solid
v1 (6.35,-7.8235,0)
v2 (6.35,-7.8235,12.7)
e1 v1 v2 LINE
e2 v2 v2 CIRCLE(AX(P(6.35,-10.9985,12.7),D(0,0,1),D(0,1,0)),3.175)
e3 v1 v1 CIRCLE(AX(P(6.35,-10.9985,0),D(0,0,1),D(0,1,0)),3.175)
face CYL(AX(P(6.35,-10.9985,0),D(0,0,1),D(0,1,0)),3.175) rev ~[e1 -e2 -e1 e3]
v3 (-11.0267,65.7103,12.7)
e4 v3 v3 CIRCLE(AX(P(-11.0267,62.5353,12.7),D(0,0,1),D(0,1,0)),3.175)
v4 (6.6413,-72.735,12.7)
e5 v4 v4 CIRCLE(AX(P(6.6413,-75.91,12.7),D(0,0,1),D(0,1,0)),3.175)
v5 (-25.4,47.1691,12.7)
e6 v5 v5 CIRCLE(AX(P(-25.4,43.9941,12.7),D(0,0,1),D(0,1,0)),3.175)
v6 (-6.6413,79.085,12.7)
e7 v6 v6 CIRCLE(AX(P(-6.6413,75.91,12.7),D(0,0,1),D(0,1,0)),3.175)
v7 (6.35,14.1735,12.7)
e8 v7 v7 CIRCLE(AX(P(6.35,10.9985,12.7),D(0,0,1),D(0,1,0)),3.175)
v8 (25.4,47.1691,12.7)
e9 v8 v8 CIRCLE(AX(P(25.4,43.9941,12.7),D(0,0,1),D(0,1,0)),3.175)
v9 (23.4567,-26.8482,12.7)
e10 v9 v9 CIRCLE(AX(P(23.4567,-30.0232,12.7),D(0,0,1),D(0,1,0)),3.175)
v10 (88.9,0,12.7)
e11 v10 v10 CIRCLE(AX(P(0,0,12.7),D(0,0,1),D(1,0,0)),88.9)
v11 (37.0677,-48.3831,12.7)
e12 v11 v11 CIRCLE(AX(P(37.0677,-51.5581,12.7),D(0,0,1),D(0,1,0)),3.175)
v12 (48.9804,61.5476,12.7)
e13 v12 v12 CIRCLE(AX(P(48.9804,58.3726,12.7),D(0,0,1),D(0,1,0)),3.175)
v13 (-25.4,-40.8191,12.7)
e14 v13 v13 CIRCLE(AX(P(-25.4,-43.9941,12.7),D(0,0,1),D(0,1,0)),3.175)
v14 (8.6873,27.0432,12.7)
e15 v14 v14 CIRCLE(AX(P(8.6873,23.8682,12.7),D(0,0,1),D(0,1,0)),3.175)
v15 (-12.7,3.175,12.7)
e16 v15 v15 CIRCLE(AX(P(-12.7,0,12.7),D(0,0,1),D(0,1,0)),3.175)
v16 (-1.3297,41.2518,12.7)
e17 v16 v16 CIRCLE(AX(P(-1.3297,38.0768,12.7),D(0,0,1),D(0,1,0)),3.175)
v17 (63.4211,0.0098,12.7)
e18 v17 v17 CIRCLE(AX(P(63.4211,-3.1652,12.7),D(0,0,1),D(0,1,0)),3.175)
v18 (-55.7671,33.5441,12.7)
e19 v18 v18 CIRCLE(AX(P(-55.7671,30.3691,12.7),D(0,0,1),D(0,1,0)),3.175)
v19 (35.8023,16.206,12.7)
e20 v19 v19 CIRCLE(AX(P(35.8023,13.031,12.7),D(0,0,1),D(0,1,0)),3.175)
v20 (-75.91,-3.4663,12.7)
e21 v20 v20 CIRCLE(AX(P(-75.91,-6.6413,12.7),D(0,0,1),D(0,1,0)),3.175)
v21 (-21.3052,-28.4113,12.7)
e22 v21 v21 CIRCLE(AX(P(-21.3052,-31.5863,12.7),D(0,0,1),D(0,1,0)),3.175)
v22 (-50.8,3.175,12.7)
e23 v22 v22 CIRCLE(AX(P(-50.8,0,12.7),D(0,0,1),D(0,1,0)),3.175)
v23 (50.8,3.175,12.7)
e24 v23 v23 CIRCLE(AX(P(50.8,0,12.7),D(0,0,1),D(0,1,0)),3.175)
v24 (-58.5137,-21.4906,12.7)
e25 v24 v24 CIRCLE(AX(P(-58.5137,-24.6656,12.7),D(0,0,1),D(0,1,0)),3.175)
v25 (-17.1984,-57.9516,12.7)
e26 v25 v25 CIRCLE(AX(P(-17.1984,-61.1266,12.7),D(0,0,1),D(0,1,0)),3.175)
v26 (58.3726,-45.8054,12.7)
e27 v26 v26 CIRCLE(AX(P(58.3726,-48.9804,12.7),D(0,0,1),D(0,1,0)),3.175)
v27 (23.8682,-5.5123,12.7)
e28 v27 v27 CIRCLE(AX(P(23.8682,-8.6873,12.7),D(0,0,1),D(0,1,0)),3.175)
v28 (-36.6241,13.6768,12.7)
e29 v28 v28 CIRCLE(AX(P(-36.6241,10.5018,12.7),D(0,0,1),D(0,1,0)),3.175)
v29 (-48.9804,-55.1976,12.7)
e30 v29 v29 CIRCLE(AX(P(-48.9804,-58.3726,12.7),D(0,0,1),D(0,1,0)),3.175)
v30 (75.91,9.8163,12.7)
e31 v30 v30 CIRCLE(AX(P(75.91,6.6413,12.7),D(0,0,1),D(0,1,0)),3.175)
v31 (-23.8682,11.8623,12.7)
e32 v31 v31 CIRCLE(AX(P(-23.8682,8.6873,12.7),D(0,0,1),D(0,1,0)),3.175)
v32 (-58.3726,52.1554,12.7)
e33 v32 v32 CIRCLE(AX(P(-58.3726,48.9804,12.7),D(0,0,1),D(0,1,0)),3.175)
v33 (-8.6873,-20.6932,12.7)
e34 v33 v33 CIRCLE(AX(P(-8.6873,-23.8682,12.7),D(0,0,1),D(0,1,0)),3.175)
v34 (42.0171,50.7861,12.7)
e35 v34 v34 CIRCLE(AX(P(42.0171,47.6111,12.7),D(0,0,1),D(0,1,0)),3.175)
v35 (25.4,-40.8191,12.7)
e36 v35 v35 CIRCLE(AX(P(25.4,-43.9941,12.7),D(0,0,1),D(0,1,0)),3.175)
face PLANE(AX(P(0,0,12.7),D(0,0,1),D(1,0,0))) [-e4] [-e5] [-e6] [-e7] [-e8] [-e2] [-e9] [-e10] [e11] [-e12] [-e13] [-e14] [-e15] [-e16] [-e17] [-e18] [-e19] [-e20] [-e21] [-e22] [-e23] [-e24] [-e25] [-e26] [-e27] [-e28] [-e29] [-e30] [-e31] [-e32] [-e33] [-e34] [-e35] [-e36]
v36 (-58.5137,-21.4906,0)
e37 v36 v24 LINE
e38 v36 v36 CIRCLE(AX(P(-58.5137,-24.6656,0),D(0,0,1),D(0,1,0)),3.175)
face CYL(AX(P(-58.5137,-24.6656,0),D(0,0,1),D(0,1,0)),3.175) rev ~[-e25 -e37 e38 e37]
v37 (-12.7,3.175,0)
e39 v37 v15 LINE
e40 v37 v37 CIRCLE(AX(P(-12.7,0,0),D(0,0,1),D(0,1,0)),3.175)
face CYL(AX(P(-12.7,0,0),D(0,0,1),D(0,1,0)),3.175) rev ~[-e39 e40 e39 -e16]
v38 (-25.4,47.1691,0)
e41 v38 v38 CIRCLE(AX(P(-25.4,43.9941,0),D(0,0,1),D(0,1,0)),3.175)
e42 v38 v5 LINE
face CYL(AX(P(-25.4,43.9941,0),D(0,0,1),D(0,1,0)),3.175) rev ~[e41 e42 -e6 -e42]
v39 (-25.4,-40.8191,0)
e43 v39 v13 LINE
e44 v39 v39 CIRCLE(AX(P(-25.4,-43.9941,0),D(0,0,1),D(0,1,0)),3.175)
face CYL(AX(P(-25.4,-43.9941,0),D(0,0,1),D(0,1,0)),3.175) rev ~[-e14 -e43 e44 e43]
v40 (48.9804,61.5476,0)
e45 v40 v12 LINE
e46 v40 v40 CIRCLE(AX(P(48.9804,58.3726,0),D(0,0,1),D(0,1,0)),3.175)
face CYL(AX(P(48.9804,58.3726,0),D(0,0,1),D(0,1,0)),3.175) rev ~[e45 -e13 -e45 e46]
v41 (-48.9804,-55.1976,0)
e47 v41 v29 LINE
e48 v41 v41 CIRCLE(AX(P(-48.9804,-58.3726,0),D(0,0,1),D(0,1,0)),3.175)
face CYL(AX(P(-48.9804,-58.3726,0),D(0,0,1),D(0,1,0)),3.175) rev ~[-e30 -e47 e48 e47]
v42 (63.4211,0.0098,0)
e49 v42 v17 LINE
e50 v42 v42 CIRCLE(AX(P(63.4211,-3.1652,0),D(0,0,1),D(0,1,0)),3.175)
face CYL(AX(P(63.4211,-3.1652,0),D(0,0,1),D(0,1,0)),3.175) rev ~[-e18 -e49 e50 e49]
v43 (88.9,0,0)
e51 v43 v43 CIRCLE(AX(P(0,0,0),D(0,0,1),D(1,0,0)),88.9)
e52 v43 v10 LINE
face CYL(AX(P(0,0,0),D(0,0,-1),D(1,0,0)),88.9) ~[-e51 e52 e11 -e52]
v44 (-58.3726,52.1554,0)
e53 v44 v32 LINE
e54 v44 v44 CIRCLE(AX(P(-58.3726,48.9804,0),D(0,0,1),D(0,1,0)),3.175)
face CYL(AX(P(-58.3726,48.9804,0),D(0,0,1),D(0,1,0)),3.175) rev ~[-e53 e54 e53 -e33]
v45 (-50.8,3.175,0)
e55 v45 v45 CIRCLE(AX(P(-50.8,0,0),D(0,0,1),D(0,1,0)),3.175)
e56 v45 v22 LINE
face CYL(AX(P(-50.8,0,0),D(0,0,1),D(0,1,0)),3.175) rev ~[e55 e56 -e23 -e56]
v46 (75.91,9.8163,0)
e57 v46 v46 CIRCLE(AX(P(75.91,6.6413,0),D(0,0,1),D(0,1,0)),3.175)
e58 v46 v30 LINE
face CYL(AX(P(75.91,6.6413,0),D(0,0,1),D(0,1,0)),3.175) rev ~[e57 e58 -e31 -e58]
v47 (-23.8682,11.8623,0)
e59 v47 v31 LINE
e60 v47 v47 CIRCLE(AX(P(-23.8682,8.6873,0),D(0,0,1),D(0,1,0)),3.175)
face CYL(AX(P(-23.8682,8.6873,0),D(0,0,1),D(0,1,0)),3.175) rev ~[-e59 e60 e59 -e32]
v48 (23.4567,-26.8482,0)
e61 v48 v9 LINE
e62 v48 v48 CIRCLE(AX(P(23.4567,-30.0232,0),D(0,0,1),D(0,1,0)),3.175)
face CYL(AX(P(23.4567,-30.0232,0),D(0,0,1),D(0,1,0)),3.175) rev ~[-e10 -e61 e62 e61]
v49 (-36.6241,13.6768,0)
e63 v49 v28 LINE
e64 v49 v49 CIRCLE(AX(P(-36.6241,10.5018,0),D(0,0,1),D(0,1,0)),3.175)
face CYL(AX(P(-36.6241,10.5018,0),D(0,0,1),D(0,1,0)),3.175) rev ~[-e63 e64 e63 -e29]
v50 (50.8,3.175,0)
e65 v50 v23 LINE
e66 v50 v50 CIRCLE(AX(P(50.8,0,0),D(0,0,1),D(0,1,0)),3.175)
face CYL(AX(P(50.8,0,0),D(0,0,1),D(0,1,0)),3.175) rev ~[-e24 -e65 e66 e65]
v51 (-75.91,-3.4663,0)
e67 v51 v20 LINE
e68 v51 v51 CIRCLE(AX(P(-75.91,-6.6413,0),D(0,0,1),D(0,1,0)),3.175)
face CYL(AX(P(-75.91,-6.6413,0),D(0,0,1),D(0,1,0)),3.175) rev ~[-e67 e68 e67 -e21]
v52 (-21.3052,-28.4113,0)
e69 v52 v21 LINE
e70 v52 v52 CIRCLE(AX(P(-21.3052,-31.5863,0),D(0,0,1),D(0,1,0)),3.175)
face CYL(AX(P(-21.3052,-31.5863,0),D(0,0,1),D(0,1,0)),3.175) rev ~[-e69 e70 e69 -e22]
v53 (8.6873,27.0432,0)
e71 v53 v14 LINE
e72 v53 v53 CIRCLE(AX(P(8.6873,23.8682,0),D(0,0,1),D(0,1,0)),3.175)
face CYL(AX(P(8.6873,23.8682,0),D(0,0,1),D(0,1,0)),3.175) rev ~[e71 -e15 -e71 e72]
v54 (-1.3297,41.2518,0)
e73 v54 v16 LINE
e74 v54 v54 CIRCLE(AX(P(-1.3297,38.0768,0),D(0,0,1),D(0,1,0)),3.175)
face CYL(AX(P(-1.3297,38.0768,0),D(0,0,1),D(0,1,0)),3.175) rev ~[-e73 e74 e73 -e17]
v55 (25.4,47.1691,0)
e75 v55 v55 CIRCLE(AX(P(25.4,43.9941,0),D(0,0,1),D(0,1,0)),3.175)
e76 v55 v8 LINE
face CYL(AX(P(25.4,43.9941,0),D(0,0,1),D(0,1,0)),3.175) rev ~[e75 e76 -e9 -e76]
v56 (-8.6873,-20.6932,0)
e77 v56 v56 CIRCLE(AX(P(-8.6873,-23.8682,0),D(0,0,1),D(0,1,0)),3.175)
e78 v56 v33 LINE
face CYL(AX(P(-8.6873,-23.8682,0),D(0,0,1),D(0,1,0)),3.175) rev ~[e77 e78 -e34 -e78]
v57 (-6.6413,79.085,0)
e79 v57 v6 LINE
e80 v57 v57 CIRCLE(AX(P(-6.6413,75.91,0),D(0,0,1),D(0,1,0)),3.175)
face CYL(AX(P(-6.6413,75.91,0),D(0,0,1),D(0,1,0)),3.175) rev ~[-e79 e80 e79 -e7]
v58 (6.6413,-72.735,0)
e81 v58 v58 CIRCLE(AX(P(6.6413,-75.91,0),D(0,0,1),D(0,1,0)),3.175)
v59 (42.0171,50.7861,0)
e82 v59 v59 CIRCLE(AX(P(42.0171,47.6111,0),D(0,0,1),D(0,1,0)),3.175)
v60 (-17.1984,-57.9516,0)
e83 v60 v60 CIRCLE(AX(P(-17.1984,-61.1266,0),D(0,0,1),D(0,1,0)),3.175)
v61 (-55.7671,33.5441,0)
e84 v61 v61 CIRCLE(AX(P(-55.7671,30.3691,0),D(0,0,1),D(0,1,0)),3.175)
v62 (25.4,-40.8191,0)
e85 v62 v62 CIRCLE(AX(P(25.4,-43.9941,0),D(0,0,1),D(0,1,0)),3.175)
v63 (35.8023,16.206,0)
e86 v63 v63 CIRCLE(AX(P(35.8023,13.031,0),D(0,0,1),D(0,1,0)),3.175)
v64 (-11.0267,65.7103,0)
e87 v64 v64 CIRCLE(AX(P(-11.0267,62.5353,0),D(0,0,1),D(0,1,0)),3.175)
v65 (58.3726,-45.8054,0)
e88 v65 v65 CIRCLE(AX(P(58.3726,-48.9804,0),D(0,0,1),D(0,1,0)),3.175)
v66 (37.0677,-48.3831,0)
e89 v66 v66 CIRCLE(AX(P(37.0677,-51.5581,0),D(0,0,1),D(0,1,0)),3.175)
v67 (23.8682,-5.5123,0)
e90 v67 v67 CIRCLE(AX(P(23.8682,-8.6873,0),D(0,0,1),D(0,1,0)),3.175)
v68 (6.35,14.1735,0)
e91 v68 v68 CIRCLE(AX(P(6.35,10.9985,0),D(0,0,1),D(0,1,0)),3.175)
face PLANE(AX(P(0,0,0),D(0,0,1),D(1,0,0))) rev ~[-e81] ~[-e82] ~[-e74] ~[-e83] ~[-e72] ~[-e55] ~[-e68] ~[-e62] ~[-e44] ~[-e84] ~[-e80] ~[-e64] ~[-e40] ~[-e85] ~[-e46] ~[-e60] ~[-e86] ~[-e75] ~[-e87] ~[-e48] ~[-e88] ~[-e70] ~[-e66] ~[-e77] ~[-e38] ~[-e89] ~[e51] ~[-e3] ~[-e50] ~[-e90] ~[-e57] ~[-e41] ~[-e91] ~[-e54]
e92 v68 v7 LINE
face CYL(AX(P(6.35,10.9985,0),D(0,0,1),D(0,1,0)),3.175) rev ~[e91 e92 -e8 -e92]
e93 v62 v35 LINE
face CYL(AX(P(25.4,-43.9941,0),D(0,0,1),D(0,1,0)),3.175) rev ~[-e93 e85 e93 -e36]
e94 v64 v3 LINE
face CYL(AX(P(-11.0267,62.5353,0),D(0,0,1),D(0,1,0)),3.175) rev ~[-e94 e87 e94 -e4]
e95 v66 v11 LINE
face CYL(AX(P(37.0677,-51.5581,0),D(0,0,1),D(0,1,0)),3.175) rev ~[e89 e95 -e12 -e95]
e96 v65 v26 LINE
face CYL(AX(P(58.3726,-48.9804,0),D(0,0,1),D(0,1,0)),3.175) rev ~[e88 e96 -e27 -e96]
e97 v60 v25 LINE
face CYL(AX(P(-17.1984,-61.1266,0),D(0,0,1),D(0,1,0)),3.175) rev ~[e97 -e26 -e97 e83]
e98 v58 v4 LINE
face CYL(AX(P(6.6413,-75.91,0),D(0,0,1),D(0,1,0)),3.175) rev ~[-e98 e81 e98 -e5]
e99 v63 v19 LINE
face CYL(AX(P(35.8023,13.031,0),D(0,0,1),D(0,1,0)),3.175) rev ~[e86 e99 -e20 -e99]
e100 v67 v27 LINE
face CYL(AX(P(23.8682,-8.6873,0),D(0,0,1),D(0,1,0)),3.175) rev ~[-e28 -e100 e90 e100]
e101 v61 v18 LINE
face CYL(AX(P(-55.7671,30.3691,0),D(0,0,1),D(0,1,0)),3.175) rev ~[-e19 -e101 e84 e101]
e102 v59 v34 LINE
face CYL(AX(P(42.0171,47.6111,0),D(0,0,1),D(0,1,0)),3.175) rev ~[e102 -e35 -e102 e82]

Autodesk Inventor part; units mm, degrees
ref_plane "YZ Plane" through (0, 0, 0) normal (1, 0, 0) x (0, 1, 0)
ref_plane "XZ Plane" through (0, 0, 0) normal (0, 1, 0) x (-1, 0, 0)
ref_plane "XY Plane" through (0, 0, 0) normal (0, 0, 1) x (1, 0, 0)
sketch "Sketch3" plane through (0, 0, 0) normal (0, 0, 1) x (1, 0, 0)
  circle A0 centre (0, 0) radius 12.7
  circle A1 centre (0, 0) radius 25.4
  circle A2 centre (0, 0) radius 38.1
  circle A3 centre (0, 0) radius 50.8
  circle A4 centre (0, 0) radius 63.5
  circle A5 centre (0, 0) radius 76.2
  line L0 (0, 0) -> (-12.7, 0)
  line L1 (0, 0) -> (-58.3726, 48.9804)
  line L2 (0, 0) -> (-11.0267, 62.5353)
  line L3 (0, 0) -> (25.4, 43.9941)
  line L4 (0, 0) -> (35.8023, 13.031)
  line L5 (0, 0) -> (23.8682, -8.6873)
  line L6 (23.8682, -8.6873) -> (0, 0)
  line L7 (0, 0) -> (-75.91, -6.6413)
  line L8 (0, 0) -> (-48.9804, -58.3726)
  line L9 (0, 0) -> (6.6413, -75.91)
  line L10 (0, 0) -> (58.3726, -48.9804)
  line L11 (0, 0) -> (75.91, 6.6413)
  line L12 (0, 0) -> (48.9804, 58.3726)
  line L13 (0, 0) -> (-6.6413, 75.91)
  line L14 (0, 0) -> (-55.7671, 30.3691)
  line L15 (0, 0) -> (-58.5137, -24.6656)
  line L16 (0, 0) -> (-17.1984, -61.1266)
  line L17 (0, 0) -> (37.0677, -51.5581)
  line L18 (0, 0) -> (63.4211, -3.1652)
  line L19 (0, 0) -> (42.0171, 47.6111)
  line L20 (0, 0) -> (-25.4, 43.9941)
  line L21 (0, 0) -> (-50.8, 0)
  line L22 (0, 0) -> (-25.4, -43.9941)
  line L23 (0, 0) -> (25.4, -43.9941)
  line L24 (0, 0) -> (50.8, 0)
  line L25 (0, 0) -> (-1.3297, 38.0768)
  line L26 (0, 0) -> (-36.6241, 10.5018)
  line L27 (0, 0) -> (-21.3052, -31.5863)
  line L28 (0, 0) -> (23.4567, -30.0232)
  line L29 (0, 0) -> (8.6873, 23.8682)
  line L30 (0, 0) -> (-23.8682, 8.6873)
  line L31 (0, 0) -> (-8.6873, -23.8682)
  line L32 (0, 0) -> (6.35, -10.9985)
  line L33 (0, 0) -> (6.35, 10.9985)
  circle A6 centre (0, 0) radius 88.9
  dimension "d104" = 12.7
  dimension "d105" = 12.7
  dimension "d106" = 12.7
  dimension "d107" = 12.7
  dimension "d108" = 12.7
  dimension "d110" = 25.4
  dimension "d111" = 40
  dimension "d112" = 40
  dimension "d113" = 40
  dimension "d114" = 40
  dimension "d115" = 40
  dimension "d118" = 360
  dimension "d122" = 360
  dimension "d126" = 360
  dimension "d130" = 360
  dimension "d134" = 360
  dimension "d138" = 360
  dimension "d140" = 12.7
extrude "Extrusion3" add sketch "Sketch3" along normal blind 12.7 contours L24 L11 A0 | L24 A1 L18 A0 | A0 L18 L24 | A0 L11 A1 L24 | L11 L4 A0 | A0 L4 A1 L11 | L18 A1 L5 A0 | A0 L5 L18 | L7 A0 L0 | L14 A0 L1 | L20 A0 L2 | L29 A0 L3 | L19 A0 L4 | L15 A0 L7 | L27 A0 L8 | L23 A0 L9 | L5 A0 L10 | L3 A0 L12 | L2 A0 L13 | L30 A0 L14 | L8 A0 L15 | L9 A0 L16 | L28 A0 L17 | L12 A0 L19 | L1 A0 L20 | L31 A0 L22 | L17 A0 L23 | L13 A0 L25 | L0 A0 L26 | L22 A0 L27 | L10 A0 L28 | L25 A0 L29 | L26 A0 L30 | L16 A0 L31 | L24 A2 L18 A1 | A1 L11 A2 L24 | A0 L19 A1 L4 | A1 L4 A2 L11 | L5 A1 L10 A0 | L18 A2 L10 A1 | L21 A1 L26 A0 | A0 L7 A1 L21 | L1 A1 L20 A0 | A0 L14 A1 L1 | L2 A1 L13 A0 | A0 L20 A1 L2 | L3 A1 L12 A0 | A0 L29 A1 L3 | A0 L15 A1 L7 | L8 A1 L15 A0 | A0 L27 A1 L8 | L9 A1 L16 A0 | A0 L23 A1 L9 | L10 A1 L28 A0 | L12 A1 L19 A0 | L13 A1 L25 A0 | A0 L30 A1 L14 | L16 A1 L31 A0 | L17 A1 L23 A0 | A0 L28 A1 L17 | L22 A1 L27 A0 | A0 L31 A1 L22 | L25 A1 L29 A0 | L26 A1 L30 A0 | L24 A3 L18 A2 | A2 L11 A3 L24 | A1 L19 A2 L4 | A2 L19 A3 L11 | L18 A3 L10 A2 | L21 A2 L26 A1 | A1 L7 A2 L21 | L1 A2 L20 A1 | A1 L14 A2 L1 | L2 A2 L13 A1 | A1 L20 A2 L2 | L3 A2 L12 A1 | A1 L25 A2 L3 | A1 L15 A2 L7 | L8 A2 L15 A1 | A1 L27 A2 L8 | L9 A2 L16 A1 | A1 L23 A2 L9 | L10 A2 L28 A1 | L12 A2 L19 A1 | L13 A2 L25 A1 | A1 L26 A2 L14 | L16 A2 L22 A1 | L17 A2 L23 A1 | A1 L28 A2 L17 | L22 A2 L27 A1 | A3 L11 A4 L18 | A3 L19 A4 L11 | L10 A3 L17 A2 | L18 A4 L10 A3 | L21 A3 L14 A2 | A2 L7 A3 L21 | L1 A3 L20 A2 | A2 L14 A3 L1 | L2 A3 L13 A2 | A2 L20 A3 L2 | L3 A3 L12 A2 | A2 L13 A3 L3 | A2 L15 A3 L7 | L8 A3 L15 A2 | A2 L22 A3 L8 | L9 A3 L16 A2 | A2 L23 A3 L9 | L12 A3 L19 A2 | L16 A3 L22 A2 | L17 A3 L23 A2 | A3 L12 A4 L19 | L11 A5 L10 A4 | A4 L12 A5 L11 | L10 A4 L17 A3 | A3 L7 A4 L14 | L1 A4 L2 A3 | A3 L14 A4 L1 | L2 A4 L13 A3 | A3 L13 A4 L12 | A3 L15 A4 L7 | L8 A4 L15 A3 | A3 L16 A4 L8 | L9 A4 L16 A3 | A3 L17 A4 L9 | L10 A5 L9 A4 | L1 A5 L13 A4 | A4 L7 A5 L1 | A4 L8 A5 L7 | A4 L9 A5 L8 | A4 L13 A5 L12 | A6
hole "Hole2" at (-58.3726, 48.9804, 0) at (-11.0267, 62.5353, 0) at (25.4, 43.9941, 0) at (35.8023, 13.031, 0) at (23.8682, -8.6873, 0) at (-12.7, 0, 0) at (-75.91, -6.6413, 0) at (-48.9804, -58.3726, 0) at (6.6413, -75.91, 0) at (58.3726, -48.9804, 0) at (75.91, 6.6413, 0) at (48.9804, 58.3726, 0) at (-6.6413, 75.91, 0) at (-55.7671, 30.3691, 0) at (-58.5137, -24.6656, 0) at (-17.1984, -61.1266, 0) at (37.0677, -51.5581, 0) at (63.4211, -3.1652, 0) at (42.0171, 47.6111, 0) at (-25.4, 43.9941, 0) at (-50.8, 0, 0) at (-25.4, -43.9941, 0) at (25.4, -43.9941, 0) at (50.8, 0, 0) at (-1.3297, 38.0768, 0) at (-36.6241, 10.5018, 0) at (-21.3052, -31.5863, 0) at (23.4567, -30.0232, 0) at (8.6873, 23.8682, 0) at (-23.8682, 8.6873, 0) at (-8.6873, -23.8682, 0) at (6.35, -10.9985, 0) at (6.35, 10.9985, 0) direction (0, 0, 1) diameter 6.35 end through all
sketch "Sketch5" plane through (0, 0, 12.7) normal (0, 0, 1) x (1, 0, 0)
  circle A0 centre (6.35, 10.9985) radius 3.175 projected
  circle A1 centre (6.35, -10.9985) radius 3.175 projected
  circle A2 centre (-8.6873, -23.8682) radius 3.175 projected
  circle A3 centre (-23.8682, 8.6873) radius 3.175 projected
  circle A4 centre (8.6873, 23.8682) radius 3.175 projected
  circle A5 centre (23.4567, -30.0232) radius 3.175 projected
  circle A6 centre (-21.3052, -31.5863) radius 3.175 projected
  circle A7 centre (-36.6241, 10.5018) radius 3.175 projected
  circle A8 centre (-1.3297, 38.0768) radius 3.175 projected
  circle A9 centre (50.8, 0) radius 3.175 projected
  circle A10 centre (25.4, -43.9941) radius 3.175 projected
  circle A11 centre (-25.4, -43.9941) radius 3.175 projected
  circle A12 centre (-50.8, 0) radius 3.175 projected
  circle A13 centre (-25.4, 43.9941) radius 3.175 projected
  circle A14 centre (42.0171, 47.6111) radius 3.175 projected
  circle A15 centre (63.4211, -3.1652) radius 3.175 projected
  circle A16 centre (37.0677, -51.5581) radius 3.175 projected
  circle A17 centre (-17.1984, -61.1266) radius 3.175 projected
  circle A18 centre (-58.5137, -24.6656) radius 3.175 projected
  circle A19 centre (-55.7671, 30.3691) radius 3.175 projected
  circle A20 centre (-6.6413, 75.91) radius 3.175 projected
  circle A21 centre (48.9804, 58.3726) radius 3.175 projected
  circle A22 centre (75.91, 6.6413) radius 3.175 projected
  circle A23 centre (58.3726, -48.9804) radius 3.175 projected
  circle A24 centre (6.6413, -75.91) radius 3.175 projected
  circle A25 centre (-48.9804, -58.3726) radius 3.175 projected
  circle A26 centre (-75.91, -6.6413) radius 3.175 projected
  circle A27 centre (-12.7, 0) radius 3.175 projected
  circle A28 centre (23.8682, -8.6873) radius 3.175 projected
  circle A29 centre (35.8023, 13.031) radius 3.175 projected
  circle A30 centre (25.4, 43.9941) radius 3.175 projected
  circle A31 centre (-11.0267, 62.5353) radius 3.175 projected
  circle A32 centre (-58.3726, 48.9804) radius 3.175 projected
  circle A33 centre (0, 0) radius 88.9 projected
  line L0 (0, 0) -> (-58.3726, 48.9804)
  line L1 (0, 0) -> (-11.0267, 62.5353)
  line L2 (0, 0) -> (25.4, 43.9941)
  line L3 (0, 0) -> (35.8023, 13.031)
  line L4 (0, 0) -> (23.8682, -8.6873)
  line L5 (0, 0) -> (6.35, -10.9985)
  line L6 (0, 0) -> (-76.2, 0)
  circle A34 centre (0, 0) radius 12.7
  circle A35 centre (0, 0) radius 25.4
  circle A36 centre (0, 0) radius 38.1
  circle A37 centre (0, 0) radius 50.8
  circle A38 centre (0, 0) radius 63.5
  circle A39 centre (0, 0) radius 76.2
  line L7 (-76.2, 0) -> (-76.2, 48.9804)
  line L8 (-76.2, 48.9804) -> (-58.3726, 48.9804)
  line L9 (-76.2, 0) -> (-58.3726, 48.9804)
  line L10 (-63.5, 0) -> (-63.5, 62.5353)
  line L11 (-63.5, 62.5353) -> (-11.0267, 62.5353)
  line L12 (-63.5, 0) -> (-11.0267, 62.5353)
  line L13 (25.4, 43.9941) -> (-50.8, 43.9941)
  line L14 (-50.8, 43.9941) -> (-50.8, 0)
  line L15 (-50.8, 0) -> (25.4, 43.9941)
  line L16 (35.8023, 13.031) -> (-38.1, 13.031)
  line L17 (-38.1, 13.031) -> (-38.1, 0)
  line L18 (35.8023, 13.031) -> (-38.1, 0)
  line L19 (-25.4, 0) -> (-25.4, -8.6873)
  line L20 (-25.4, -8.6873) -> (23.8682, -8.6873)
  line L21 (-25.4, 0) -> (23.8682, -8.6873)
  line L22 (-12.7, 0) -> (-12.7, -10.9985)
  line L23 (-12.7, -10.9985) -> (6.35, -10.9985)
  line L24 (-12.7, 0) -> (6.35, -10.9985)
  line L25 (-58.3726, 48.9804) -> (0, 76.2)
  line L26 (0, -25.4) -> (0, -8.6873)
  line L27 (23.8682, -8.6873) -> (0, -25.4)
  line L28 (0, -12.7) -> (0, -10.9985)
  line L29 (0, -12.7) -> (6.35, -10.9985)
  line L30 (0, 76.2) -> (-58.3726, 76.2)
  line L31 (-58.3726, 76.2) -> (-58.3726, 48.9804)
  line L32 (0, 63.5) -> (-11.0267, 63.5)
  line L33 (-11.0267, 63.5) -> (-11.0267, 62.5353)
  line L34 (-11.0267, 62.5353) -> (0, 63.5)
  line L35 (0, 76.2) -> (0, 0)
  dimension "d155" = 20
  dimension "d156" = 40
  dimension "d157" = 60
  dimension "d158" = 80
  dimension "d159" = 80
  dimension "d160" = 60
  dimension "d161" = 76.2
  dimension "d172" = 55
  dimension "d173" = 75
  dimension "d174" = 5
  dimension "d175" = 27.2196
  dimension "d176" = 17.8274
equation "\"d112\" = d111"
equation "\"d113\" = d111"
equation "\"d114\" = d111"
equation "\"d115\" = d111"
properties part number "dishConfig"
